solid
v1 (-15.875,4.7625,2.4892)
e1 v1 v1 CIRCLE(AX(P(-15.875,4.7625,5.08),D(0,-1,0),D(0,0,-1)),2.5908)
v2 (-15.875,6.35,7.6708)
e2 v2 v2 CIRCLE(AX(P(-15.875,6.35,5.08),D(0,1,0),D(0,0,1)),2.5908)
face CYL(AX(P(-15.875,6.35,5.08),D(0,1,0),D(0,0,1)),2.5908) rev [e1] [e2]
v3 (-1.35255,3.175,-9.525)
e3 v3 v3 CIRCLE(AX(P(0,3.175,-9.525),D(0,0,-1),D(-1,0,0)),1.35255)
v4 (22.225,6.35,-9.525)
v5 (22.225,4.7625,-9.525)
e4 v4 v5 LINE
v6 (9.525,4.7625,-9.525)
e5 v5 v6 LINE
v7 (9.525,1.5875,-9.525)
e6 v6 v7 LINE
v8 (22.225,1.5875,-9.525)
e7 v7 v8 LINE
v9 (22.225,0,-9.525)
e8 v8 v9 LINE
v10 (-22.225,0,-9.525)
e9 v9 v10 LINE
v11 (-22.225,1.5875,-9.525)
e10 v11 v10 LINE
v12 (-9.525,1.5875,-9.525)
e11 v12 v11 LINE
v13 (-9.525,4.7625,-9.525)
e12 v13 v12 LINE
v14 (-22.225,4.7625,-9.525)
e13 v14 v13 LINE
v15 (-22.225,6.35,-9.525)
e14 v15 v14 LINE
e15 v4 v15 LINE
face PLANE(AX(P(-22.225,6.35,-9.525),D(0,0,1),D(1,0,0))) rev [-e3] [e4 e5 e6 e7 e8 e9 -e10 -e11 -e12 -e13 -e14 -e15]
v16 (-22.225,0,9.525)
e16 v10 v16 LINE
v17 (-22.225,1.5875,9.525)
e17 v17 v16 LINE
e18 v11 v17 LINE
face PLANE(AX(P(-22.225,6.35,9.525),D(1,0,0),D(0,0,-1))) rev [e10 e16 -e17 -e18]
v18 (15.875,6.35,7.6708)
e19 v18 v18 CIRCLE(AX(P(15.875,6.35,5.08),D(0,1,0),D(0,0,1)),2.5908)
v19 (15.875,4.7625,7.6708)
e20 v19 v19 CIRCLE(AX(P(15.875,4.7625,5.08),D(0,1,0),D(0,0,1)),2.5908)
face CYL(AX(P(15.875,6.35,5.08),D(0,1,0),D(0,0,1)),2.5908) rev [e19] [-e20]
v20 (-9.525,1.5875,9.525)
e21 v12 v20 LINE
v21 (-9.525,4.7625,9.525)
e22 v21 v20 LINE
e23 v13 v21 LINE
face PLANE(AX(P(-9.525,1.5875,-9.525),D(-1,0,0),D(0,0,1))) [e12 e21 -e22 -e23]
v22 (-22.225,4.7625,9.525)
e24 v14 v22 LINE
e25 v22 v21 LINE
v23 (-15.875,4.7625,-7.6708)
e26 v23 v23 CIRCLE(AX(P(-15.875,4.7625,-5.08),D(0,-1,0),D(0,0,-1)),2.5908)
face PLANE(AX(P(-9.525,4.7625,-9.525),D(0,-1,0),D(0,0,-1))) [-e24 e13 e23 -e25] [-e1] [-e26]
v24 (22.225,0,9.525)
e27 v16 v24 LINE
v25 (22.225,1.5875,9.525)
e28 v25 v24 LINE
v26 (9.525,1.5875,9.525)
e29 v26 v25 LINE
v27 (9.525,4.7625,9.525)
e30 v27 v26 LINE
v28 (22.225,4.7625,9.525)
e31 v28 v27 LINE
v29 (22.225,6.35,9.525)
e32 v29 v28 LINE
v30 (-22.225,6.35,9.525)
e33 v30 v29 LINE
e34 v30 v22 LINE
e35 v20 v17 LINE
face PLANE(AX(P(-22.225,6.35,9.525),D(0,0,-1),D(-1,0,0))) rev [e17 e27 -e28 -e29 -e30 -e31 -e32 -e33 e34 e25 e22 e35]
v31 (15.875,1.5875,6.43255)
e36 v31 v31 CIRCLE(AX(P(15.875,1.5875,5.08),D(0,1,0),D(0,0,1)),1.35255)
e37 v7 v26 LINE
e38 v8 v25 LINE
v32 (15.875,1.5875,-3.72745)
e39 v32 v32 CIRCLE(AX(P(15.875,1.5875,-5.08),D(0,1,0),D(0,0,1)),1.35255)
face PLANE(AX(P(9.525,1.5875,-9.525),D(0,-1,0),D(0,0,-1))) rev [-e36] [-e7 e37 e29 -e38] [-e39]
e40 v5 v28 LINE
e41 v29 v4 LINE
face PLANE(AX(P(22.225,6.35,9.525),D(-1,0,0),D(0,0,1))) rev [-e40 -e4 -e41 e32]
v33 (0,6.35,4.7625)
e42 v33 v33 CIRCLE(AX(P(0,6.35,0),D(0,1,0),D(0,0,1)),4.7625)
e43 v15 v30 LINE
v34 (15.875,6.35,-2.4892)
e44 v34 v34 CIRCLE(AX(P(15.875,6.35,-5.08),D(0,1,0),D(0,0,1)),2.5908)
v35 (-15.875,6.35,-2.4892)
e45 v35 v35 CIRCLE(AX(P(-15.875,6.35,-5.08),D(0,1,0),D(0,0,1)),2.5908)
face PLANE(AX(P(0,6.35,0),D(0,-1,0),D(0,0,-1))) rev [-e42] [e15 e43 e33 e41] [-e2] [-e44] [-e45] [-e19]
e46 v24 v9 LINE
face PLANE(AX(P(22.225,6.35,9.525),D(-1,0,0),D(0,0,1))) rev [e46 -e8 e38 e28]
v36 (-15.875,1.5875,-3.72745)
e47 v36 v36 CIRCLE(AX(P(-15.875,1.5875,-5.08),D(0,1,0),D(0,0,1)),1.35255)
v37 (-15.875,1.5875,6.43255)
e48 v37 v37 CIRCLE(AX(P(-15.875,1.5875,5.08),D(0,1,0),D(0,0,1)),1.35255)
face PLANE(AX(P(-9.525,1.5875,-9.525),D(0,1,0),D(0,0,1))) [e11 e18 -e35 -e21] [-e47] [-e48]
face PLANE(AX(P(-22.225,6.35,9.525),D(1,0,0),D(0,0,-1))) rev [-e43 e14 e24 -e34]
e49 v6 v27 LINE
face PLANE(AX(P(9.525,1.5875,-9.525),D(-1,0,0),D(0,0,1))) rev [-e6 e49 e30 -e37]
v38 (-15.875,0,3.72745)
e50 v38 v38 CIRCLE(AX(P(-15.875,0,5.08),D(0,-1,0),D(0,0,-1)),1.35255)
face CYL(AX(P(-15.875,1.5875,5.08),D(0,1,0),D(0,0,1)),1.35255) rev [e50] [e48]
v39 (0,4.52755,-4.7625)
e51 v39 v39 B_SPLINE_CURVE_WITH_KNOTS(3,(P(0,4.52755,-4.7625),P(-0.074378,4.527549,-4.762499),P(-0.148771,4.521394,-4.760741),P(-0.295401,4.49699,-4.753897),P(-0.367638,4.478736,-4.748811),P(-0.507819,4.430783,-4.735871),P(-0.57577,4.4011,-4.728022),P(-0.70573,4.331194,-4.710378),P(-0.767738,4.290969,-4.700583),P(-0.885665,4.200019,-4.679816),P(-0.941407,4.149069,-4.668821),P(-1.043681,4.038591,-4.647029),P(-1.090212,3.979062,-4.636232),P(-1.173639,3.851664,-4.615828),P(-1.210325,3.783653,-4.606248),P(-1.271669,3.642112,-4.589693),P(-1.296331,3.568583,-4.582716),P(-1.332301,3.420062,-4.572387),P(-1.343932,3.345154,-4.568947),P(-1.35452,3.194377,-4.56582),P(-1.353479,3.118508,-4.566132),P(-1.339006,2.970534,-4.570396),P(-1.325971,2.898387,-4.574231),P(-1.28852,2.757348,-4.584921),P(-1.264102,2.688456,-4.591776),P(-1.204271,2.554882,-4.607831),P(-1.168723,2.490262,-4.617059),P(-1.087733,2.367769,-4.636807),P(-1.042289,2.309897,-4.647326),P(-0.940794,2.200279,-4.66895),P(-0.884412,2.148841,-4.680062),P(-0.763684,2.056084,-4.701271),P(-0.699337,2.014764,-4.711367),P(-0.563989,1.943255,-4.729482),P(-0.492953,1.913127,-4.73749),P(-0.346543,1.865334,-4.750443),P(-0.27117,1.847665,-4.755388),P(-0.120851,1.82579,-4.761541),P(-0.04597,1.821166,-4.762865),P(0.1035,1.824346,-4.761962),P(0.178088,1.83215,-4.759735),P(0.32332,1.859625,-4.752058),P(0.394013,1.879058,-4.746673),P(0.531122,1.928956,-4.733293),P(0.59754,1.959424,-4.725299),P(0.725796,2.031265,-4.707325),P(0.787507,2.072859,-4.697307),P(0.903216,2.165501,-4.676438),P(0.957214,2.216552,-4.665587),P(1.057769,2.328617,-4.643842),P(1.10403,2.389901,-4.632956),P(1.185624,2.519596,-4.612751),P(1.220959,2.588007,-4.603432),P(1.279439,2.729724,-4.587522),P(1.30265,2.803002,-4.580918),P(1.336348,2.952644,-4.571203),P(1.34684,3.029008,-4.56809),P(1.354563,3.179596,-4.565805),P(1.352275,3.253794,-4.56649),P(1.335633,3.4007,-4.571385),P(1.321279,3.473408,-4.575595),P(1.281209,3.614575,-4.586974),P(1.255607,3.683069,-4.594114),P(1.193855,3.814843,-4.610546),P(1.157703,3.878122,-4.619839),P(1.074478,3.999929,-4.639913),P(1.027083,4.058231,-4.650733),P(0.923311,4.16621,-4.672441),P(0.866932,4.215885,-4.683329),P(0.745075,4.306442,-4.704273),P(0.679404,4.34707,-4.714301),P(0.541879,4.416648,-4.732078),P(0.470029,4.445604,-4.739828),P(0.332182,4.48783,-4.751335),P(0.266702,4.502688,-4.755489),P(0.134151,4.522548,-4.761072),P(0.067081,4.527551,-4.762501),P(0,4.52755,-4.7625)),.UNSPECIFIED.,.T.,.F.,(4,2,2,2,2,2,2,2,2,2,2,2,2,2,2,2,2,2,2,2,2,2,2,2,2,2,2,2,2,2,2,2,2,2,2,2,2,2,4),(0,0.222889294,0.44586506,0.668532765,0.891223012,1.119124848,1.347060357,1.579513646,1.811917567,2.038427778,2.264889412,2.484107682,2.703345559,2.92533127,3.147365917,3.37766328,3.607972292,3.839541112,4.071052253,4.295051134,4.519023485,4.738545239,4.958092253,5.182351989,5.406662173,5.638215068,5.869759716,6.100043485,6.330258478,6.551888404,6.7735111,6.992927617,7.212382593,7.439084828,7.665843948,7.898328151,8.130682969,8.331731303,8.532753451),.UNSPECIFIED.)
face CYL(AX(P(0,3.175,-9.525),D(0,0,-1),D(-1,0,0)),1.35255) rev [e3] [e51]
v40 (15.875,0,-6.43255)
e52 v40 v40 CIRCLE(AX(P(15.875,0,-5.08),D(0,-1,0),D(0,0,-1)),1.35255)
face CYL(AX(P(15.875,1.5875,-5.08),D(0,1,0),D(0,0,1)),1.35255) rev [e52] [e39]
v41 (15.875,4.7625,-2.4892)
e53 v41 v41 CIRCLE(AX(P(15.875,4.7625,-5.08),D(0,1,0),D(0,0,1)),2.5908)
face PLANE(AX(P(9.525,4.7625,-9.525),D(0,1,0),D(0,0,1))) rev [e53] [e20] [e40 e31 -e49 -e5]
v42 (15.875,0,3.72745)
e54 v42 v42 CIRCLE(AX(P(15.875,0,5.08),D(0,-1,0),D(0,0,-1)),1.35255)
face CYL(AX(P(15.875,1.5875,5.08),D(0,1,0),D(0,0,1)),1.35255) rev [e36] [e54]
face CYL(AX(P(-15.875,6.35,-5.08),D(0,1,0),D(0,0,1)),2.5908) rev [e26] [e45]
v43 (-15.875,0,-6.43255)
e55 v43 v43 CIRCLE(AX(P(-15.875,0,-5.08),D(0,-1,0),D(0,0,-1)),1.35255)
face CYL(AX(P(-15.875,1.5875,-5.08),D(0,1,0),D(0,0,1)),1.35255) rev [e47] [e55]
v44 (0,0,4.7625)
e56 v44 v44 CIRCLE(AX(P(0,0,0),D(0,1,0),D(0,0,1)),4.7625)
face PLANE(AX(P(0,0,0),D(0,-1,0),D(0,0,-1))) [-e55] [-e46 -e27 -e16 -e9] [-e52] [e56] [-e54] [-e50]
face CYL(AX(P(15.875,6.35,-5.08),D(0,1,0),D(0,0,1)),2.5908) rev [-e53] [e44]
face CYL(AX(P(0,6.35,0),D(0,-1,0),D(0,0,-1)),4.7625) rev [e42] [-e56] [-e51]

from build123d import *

# Parameters (mm, degrees)
SKETCH1_W                      = 44.45
SKETCH1_H                      = 19.05
SKETCH1_R                      = 4.7625
BOSS_EXTRUDE1_DEPTH            = 6.35
F_6_32_TAPPED_HOLE1_REACH      = 31.953
F_6_32_TAPPED_HOLE1_BORE_R     = 1.35255
SKETCH15_W                     = 12.7
SKETCH15_H                     = 3.175
CUT_EXTRUDE1_DEPTH             = 30.952890179
F_6_0_204_DIAMETER_HOLE1_D     = 5.1816
F_6_0_204_DIAMETER_HOLE1_DEPTH = 1.5875
F_6_32_TAPPED_HOLE4_D          = 2.7051


with BuildPart() as part:
    # Sketch1 → Boss-Extrude1 (new body)
    with BuildSketch(Plane(origin=(0, 0, 0), x_dir=(1, 0, 0), z_dir=(0, 1, 0))):
        Rectangle(SKETCH1_W, SKETCH1_H)
        with Locations(Location((0, 0, 0), (0, 0, 270))):
            Circle(SKETCH1_R, mode=Mode.SUBTRACT)
    extrude(amount=BOSS_EXTRUDE1_DEPTH)

    # #6-32 Tapped Hole1 bore → #6-32 Tapped Hole1 (cut, up to next)
    with BuildSketch(Plane(origin=(0, 0, -9.525), x_dir=(-1, 0, 0), z_dir=(0, 0, -1)), mode=Mode.PRIVATE) as f_6_32_tapped_hole1_sk1:
        with Locations((0, 3.175)):
            Circle(F_6_32_TAPPED_HOLE1_BORE_R)
    f_6_32_tapped_hole1_tool1 = extrude(f_6_32_tapped_hole1_sk1.sketch, amount=-F_6_32_TAPPED_HOLE1_REACH, mode=Mode.PRIVATE) & part.part
    add(f_6_32_tapped_hole1_tool1.solids().sort_by_distance((0, 3.175, -9.525))[0], mode=Mode.SUBTRACT)

    # Sketch15 → Cut-Extrude1 (cut, through all)
    with BuildSketch(Plane.XY.offset(9.525)):
        with Locations((15.875, 3.175)):
            Rectangle(SKETCH15_W, SKETCH15_H)
    cut_extrude1 = extrude(amount=-CUT_EXTRUDE1_DEPTH, mode=Mode.SUBTRACT)

    # #6 (0.204) Diameter Hole1
    with Locations(Plane(origin=(0, 6.35, 0), x_dir=(1, 0, 0), z_dir=(0, 1, 0))):
        with Locations((15.875, 5.08), (15.875, -5.08)):
            f_6_0_204_diameter_hole1 = Hole(F_6_0_204_DIAMETER_HOLE1_D / 2, depth=F_6_0_204_DIAMETER_HOLE1_DEPTH)

    # #6-32 Tapped Hole4 (through all)
    with Locations(Plane(origin=(0, 1.5875, 0), x_dir=(1, 0, 0), z_dir=(0, 1, 0))):
        with Locations((15.875, 5.08), (15.875, -5.08)):
            f_6_32_tapped_hole4 = Hole(F_6_32_TAPPED_HOLE4_D / 2)

    # Mirror3: Cut-Extrude1, #6 (0.204) Diameter Hole1, #6-32 Tapped Hole4 across plane
    add(cut_extrude1.mirror(Plane(origin=(0, 0, 0), x_dir=(0, 0, 1), z_dir=(1, 0, 0))), mode=Mode.SUBTRACT)
    add(f_6_0_204_diameter_hole1.mirror(Plane(origin=(0, 0, 0), x_dir=(0, 0, 1), z_dir=(1, 0, 0))), mode=Mode.SUBTRACT)
    add(f_6_32_tapped_hole4.mirror(Plane(origin=(0, 0, 0), x_dir=(0, 0, 1), z_dir=(1, 0, 0))), mode=Mode.SUBTRACT)


solid = part.part
